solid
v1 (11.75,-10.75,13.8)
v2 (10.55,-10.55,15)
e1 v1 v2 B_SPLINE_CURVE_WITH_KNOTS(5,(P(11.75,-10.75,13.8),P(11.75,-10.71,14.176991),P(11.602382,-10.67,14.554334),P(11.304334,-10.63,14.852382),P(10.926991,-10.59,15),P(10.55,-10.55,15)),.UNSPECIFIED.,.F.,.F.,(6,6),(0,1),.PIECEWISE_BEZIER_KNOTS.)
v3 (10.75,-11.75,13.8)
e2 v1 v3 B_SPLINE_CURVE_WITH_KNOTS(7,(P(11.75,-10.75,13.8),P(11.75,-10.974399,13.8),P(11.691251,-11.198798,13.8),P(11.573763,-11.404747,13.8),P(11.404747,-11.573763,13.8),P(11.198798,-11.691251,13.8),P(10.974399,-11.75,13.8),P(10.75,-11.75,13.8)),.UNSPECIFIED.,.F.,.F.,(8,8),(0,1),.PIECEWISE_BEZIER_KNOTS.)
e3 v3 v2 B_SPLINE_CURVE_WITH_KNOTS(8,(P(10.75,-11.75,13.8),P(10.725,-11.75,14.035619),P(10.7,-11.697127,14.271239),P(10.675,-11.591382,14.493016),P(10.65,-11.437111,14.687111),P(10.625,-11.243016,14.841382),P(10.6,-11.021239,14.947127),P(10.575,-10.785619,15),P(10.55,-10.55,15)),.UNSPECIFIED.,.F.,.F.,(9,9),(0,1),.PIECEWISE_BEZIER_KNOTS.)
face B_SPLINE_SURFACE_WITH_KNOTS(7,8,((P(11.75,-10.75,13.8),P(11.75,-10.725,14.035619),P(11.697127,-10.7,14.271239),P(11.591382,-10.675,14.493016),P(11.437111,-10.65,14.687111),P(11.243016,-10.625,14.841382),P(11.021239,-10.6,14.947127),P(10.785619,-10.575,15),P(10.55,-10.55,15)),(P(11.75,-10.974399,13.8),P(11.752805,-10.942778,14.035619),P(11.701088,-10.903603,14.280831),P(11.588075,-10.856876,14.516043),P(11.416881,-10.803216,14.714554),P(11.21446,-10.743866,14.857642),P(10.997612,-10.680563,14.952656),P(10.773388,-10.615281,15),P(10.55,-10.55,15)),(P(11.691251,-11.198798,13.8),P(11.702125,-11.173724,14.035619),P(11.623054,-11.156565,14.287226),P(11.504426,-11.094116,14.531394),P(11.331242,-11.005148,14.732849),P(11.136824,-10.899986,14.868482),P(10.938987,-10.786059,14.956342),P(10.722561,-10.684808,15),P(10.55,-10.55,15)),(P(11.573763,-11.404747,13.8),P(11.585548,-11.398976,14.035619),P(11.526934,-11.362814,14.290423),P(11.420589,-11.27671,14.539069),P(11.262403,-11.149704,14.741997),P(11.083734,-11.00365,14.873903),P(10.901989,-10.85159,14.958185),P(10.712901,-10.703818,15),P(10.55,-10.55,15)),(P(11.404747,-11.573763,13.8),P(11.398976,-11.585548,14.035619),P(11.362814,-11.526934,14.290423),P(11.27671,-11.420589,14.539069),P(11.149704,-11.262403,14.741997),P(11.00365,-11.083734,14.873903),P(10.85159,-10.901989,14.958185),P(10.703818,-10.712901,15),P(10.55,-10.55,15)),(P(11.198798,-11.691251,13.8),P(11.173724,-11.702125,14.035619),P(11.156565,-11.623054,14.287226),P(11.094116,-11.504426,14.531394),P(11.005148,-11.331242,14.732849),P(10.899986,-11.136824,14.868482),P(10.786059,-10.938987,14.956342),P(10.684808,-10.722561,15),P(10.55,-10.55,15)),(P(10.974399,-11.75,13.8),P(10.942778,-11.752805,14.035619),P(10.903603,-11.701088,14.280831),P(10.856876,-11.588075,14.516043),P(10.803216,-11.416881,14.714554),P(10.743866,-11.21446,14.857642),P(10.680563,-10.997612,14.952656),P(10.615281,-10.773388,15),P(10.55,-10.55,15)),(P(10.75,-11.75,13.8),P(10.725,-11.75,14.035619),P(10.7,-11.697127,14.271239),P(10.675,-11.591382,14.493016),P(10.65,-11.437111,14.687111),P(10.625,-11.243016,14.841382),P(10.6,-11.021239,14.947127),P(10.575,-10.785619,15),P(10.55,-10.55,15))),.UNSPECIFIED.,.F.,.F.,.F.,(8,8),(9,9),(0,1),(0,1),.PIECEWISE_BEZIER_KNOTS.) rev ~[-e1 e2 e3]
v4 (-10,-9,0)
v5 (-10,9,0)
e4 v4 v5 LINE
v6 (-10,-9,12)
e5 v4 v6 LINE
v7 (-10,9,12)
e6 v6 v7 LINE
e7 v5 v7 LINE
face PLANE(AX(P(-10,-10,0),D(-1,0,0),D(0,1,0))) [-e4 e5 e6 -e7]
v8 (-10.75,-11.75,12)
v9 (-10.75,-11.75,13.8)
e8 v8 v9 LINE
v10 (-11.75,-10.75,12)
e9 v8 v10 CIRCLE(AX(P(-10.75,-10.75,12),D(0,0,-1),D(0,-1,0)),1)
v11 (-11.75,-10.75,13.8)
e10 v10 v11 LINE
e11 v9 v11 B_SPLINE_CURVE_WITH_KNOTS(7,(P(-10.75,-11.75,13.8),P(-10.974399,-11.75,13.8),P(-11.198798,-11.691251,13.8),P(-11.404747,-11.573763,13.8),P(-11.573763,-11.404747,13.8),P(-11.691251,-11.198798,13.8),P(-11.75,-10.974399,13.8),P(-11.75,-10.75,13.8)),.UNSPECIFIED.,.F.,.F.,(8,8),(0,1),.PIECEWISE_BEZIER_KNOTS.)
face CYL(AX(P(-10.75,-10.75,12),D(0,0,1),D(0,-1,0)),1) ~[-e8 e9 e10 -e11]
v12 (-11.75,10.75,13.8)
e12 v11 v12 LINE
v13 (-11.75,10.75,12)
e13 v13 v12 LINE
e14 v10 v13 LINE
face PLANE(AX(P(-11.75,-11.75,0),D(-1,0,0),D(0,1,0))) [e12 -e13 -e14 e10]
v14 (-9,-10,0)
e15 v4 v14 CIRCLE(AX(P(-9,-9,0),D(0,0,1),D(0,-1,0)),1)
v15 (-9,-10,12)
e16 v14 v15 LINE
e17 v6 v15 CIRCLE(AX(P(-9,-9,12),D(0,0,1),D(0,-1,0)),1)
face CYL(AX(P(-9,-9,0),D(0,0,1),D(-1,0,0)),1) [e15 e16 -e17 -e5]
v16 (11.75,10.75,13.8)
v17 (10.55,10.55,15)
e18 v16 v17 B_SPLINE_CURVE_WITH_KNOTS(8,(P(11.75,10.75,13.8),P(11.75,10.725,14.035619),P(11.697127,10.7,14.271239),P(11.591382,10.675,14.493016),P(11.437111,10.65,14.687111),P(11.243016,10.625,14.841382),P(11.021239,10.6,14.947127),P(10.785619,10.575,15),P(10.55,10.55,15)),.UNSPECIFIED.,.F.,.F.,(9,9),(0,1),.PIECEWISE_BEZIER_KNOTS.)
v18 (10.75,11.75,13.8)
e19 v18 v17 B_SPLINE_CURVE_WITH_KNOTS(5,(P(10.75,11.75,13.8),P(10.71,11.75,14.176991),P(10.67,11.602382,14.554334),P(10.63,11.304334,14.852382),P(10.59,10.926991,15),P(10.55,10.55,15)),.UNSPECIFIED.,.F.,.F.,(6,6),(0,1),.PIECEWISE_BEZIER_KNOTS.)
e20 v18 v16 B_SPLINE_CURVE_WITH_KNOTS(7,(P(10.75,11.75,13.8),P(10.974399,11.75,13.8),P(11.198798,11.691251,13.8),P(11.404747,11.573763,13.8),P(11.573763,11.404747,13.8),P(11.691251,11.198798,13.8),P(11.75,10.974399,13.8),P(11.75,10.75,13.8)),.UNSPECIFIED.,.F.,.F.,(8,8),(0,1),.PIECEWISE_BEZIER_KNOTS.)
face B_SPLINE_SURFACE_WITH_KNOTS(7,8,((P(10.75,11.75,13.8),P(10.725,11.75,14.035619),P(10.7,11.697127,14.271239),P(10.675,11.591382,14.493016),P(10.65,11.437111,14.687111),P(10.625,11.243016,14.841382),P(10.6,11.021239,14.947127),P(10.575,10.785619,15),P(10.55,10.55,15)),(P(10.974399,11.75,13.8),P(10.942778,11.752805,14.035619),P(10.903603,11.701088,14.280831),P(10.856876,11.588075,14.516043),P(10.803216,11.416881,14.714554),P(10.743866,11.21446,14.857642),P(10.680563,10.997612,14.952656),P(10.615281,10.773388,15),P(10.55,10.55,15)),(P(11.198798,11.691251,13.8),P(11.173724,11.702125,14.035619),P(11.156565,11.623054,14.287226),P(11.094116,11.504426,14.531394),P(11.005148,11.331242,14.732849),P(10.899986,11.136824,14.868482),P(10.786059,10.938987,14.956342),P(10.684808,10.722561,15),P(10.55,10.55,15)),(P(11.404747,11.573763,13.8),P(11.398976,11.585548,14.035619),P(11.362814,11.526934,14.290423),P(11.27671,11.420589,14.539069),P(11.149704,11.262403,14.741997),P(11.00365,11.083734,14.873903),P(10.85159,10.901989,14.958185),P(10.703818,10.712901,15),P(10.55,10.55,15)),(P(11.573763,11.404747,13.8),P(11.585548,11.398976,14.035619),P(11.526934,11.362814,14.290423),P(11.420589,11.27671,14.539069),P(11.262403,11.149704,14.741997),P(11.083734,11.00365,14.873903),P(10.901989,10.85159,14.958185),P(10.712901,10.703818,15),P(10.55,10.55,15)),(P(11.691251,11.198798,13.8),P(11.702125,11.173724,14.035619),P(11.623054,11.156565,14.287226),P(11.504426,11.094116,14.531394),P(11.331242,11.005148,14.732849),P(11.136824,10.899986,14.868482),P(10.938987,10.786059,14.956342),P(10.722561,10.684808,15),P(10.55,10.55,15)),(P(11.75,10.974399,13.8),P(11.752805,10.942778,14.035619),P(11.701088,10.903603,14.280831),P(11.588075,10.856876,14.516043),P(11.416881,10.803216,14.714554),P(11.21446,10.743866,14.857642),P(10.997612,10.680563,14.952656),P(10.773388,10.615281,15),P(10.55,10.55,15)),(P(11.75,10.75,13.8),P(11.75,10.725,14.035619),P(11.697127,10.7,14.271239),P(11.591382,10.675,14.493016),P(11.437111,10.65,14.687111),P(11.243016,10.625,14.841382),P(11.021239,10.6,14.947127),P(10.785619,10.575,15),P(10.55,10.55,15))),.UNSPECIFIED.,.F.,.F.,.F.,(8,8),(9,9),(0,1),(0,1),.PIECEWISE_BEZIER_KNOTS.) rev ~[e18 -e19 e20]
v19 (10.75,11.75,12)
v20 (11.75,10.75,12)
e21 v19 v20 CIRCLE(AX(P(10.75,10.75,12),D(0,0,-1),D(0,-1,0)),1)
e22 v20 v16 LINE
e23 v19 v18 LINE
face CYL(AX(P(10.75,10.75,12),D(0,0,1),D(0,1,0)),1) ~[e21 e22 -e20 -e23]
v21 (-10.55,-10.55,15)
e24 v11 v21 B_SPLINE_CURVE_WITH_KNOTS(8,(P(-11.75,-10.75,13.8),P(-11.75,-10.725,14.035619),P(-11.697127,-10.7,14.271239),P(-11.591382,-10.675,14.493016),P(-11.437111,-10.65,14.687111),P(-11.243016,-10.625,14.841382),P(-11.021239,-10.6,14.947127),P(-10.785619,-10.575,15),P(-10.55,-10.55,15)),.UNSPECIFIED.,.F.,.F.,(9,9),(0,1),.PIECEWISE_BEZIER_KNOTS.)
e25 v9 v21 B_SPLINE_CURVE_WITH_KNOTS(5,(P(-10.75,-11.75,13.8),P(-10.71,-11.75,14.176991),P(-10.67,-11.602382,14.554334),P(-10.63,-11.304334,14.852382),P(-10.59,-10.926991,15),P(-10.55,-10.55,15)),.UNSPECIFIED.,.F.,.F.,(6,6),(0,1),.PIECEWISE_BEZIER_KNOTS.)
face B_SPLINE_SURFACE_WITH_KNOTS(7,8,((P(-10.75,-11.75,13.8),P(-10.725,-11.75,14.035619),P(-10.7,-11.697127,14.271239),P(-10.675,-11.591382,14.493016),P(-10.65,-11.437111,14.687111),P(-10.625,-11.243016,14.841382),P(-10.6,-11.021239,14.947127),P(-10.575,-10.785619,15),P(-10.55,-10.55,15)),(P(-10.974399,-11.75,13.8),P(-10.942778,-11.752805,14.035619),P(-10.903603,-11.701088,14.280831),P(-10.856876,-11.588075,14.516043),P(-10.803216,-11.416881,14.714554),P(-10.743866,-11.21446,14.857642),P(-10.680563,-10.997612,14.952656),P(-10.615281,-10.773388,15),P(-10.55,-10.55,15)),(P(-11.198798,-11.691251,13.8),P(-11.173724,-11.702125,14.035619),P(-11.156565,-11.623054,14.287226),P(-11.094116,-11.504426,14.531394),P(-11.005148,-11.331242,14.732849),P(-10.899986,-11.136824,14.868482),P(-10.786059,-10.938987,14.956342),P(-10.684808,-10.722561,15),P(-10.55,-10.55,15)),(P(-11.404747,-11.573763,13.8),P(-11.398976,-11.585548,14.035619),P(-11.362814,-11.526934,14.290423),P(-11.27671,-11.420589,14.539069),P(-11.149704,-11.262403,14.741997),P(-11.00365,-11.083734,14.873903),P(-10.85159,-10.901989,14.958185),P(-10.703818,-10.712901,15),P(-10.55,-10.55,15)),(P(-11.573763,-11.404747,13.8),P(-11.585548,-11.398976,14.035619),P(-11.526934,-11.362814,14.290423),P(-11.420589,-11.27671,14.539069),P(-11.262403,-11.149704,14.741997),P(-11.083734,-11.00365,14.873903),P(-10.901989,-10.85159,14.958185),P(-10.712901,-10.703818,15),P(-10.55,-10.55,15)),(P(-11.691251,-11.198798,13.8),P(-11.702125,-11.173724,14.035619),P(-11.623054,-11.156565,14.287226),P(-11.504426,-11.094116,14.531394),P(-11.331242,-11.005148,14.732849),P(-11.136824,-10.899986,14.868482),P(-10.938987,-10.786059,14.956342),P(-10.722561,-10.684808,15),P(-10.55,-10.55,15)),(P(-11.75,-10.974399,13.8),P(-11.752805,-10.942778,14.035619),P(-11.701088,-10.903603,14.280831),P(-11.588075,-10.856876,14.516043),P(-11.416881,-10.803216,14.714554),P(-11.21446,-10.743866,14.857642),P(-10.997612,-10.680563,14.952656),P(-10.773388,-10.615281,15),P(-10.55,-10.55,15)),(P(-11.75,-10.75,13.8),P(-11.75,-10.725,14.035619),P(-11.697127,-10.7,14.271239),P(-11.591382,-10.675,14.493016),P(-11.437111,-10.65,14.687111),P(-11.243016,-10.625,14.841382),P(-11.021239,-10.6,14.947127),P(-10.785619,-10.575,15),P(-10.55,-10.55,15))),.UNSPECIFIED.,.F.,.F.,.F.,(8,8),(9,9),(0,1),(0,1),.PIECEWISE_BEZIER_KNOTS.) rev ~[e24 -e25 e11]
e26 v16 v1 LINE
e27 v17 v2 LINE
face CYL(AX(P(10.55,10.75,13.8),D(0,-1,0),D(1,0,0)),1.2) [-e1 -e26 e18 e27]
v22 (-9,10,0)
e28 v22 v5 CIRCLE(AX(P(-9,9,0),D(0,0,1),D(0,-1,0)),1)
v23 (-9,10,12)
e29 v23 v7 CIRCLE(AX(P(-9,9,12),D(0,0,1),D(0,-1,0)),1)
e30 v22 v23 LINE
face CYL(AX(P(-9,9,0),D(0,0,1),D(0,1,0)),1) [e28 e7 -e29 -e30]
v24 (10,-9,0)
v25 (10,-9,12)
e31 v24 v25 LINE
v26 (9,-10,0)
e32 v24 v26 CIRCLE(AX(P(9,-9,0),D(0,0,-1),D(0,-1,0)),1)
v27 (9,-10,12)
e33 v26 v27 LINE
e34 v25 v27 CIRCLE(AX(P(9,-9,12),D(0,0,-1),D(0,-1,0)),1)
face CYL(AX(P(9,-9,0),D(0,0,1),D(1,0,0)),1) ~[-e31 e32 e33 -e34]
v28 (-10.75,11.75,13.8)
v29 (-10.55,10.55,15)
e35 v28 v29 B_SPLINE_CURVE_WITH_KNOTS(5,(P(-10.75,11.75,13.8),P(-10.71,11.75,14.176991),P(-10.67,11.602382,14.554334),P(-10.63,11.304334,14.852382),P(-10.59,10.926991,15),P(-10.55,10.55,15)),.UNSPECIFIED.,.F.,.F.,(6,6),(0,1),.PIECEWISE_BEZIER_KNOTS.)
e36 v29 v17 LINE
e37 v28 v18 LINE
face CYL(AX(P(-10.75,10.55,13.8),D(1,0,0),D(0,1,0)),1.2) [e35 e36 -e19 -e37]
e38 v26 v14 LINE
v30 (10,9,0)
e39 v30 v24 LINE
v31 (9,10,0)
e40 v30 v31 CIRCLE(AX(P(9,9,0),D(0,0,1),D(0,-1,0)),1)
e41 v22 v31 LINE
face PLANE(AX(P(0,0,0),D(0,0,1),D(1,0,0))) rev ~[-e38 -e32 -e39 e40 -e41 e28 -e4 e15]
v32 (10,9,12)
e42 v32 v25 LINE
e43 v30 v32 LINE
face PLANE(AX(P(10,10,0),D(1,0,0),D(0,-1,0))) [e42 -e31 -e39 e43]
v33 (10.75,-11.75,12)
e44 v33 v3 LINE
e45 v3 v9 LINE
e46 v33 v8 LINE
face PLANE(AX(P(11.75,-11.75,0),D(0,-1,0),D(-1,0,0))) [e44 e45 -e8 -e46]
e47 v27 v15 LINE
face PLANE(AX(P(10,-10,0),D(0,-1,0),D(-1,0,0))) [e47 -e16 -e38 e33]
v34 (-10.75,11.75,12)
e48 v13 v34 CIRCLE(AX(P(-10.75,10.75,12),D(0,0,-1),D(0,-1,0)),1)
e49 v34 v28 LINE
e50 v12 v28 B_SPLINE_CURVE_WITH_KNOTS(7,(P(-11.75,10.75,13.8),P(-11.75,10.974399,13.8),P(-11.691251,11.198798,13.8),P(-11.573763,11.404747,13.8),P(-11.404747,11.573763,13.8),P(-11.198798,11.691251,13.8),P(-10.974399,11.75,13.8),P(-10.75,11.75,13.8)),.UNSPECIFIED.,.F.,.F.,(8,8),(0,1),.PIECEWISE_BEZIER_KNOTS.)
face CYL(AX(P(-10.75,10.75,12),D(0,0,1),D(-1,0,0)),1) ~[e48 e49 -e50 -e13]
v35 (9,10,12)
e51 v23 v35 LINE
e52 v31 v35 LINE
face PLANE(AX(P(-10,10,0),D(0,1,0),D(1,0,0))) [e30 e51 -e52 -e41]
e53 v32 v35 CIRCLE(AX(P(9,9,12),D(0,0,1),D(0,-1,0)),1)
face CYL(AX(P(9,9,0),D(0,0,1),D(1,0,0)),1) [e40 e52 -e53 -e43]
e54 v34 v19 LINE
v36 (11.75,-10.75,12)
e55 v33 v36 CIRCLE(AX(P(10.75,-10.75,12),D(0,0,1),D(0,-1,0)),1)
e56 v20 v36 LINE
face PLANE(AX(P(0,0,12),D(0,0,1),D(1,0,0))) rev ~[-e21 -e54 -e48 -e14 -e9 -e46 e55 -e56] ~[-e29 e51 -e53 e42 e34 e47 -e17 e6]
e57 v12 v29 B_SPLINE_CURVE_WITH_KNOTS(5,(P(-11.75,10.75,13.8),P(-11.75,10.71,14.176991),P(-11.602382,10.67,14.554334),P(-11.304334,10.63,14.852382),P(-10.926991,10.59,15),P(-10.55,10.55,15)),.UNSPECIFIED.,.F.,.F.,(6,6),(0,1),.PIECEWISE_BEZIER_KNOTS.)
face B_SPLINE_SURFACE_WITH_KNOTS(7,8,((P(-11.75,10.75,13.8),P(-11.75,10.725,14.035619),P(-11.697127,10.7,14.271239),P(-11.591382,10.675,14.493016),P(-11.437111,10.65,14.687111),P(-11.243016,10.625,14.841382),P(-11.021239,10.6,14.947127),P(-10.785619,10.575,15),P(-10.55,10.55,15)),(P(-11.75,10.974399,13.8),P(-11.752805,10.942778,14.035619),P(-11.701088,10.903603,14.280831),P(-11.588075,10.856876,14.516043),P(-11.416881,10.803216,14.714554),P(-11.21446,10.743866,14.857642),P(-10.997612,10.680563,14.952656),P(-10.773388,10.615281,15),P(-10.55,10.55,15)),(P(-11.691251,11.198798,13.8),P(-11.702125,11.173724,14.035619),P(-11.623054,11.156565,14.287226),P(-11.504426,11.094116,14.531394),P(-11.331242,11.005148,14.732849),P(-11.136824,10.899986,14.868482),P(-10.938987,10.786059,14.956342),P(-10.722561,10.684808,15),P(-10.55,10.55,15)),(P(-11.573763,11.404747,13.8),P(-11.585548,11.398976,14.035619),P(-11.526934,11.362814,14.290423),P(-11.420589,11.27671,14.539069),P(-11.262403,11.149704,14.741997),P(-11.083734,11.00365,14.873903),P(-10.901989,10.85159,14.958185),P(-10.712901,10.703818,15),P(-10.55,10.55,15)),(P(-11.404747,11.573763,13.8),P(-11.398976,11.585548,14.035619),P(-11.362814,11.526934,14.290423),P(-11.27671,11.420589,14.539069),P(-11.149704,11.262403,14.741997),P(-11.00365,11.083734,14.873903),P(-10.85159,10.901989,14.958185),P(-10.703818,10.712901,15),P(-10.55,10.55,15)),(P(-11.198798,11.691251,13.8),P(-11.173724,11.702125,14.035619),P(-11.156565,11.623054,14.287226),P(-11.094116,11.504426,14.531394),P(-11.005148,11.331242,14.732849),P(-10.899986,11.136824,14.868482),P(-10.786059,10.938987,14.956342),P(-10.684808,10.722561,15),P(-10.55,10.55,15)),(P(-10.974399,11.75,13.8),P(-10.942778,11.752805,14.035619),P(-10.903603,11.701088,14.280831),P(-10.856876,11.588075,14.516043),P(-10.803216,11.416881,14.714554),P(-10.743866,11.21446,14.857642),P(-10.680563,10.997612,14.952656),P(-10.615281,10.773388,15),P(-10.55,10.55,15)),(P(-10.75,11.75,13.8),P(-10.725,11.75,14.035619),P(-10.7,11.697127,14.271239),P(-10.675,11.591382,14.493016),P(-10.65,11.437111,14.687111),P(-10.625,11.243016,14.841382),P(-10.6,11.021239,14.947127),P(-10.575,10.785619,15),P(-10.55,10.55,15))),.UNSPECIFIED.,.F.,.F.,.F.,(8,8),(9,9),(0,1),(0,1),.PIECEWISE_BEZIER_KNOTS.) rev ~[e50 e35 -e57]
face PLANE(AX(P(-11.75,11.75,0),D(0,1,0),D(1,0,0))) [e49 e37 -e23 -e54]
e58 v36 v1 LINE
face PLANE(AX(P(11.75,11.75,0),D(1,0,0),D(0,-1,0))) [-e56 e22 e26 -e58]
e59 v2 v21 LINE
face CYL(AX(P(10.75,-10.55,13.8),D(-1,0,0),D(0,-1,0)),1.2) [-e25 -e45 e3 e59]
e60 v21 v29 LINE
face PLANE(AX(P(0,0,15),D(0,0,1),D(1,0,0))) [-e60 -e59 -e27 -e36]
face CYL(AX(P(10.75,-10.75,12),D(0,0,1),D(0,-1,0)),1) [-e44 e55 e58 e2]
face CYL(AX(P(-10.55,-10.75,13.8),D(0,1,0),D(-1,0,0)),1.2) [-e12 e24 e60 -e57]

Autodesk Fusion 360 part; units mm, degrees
sketch "Sketch1" plane through (0, 0, 0) normal (0, 0, 1) x (1, 0, 0)
  line L0 (10, -10) -> (-10, -10)
  line L1 (-10, -10) -> (-10, 10)
  line L2 (-10, 10) -> (10, 10)
  line L3 (10, 10) -> (10, -10)
  line L4 (10, -10) -> (-10, 10) construction
  line L5 (-10, -10) -> (10, 10) construction
  line L6 (11.75, -11.75) -> (-11.75, -11.75)
  line L7 (-11.75, -11.75) -> (-11.75, 11.75)
  line L8 (-11.75, 11.75) -> (11.75, 11.75)
  line L9 (11.75, 11.75) -> (11.75, -11.75)
  line L10 (11.75, -11.75) -> (-11.75, 11.75) construction
  line L11 (-11.75, -11.75) -> (11.75, 11.75) construction
  dimension "d1" = 20
  dimension "d2" = 20
  dimension "d3" = 23.5
  dimension "d4" = 23.5
extrude "Extrude1" add sketch "Sketch1" along normal blind 15 contours L0 L1 L2 L3 | L6 L7 L8 L9
extrude "Extrude2" cut sketch "Sketch1" along normal blind 12
fillet "Fillet1" radius 1 4 edges at (11.75, 11.75, 13.5) (-11.75, 11.75, 13.5) (11.75, -11.75, 13.5) (-11.75, -11.75, 13.5)
fillet "Fillet2" radius 1 4 edges at (-10, 10, 6) (10, 10, 6) (10, -10, 6) (-10, -10, 6)
fillet "Fillet3" radius 1.2 8 edges at (-11.4571, 11.4571, 15) (-11.75, 0, 15) (-11.4571, -11.4571, 15) (0, -11.75, 15) (11.4571, -11.4571, 15) (11.75, 0, 15) (11.4571, 11.4571, 15) (0, 11.75, 15)
